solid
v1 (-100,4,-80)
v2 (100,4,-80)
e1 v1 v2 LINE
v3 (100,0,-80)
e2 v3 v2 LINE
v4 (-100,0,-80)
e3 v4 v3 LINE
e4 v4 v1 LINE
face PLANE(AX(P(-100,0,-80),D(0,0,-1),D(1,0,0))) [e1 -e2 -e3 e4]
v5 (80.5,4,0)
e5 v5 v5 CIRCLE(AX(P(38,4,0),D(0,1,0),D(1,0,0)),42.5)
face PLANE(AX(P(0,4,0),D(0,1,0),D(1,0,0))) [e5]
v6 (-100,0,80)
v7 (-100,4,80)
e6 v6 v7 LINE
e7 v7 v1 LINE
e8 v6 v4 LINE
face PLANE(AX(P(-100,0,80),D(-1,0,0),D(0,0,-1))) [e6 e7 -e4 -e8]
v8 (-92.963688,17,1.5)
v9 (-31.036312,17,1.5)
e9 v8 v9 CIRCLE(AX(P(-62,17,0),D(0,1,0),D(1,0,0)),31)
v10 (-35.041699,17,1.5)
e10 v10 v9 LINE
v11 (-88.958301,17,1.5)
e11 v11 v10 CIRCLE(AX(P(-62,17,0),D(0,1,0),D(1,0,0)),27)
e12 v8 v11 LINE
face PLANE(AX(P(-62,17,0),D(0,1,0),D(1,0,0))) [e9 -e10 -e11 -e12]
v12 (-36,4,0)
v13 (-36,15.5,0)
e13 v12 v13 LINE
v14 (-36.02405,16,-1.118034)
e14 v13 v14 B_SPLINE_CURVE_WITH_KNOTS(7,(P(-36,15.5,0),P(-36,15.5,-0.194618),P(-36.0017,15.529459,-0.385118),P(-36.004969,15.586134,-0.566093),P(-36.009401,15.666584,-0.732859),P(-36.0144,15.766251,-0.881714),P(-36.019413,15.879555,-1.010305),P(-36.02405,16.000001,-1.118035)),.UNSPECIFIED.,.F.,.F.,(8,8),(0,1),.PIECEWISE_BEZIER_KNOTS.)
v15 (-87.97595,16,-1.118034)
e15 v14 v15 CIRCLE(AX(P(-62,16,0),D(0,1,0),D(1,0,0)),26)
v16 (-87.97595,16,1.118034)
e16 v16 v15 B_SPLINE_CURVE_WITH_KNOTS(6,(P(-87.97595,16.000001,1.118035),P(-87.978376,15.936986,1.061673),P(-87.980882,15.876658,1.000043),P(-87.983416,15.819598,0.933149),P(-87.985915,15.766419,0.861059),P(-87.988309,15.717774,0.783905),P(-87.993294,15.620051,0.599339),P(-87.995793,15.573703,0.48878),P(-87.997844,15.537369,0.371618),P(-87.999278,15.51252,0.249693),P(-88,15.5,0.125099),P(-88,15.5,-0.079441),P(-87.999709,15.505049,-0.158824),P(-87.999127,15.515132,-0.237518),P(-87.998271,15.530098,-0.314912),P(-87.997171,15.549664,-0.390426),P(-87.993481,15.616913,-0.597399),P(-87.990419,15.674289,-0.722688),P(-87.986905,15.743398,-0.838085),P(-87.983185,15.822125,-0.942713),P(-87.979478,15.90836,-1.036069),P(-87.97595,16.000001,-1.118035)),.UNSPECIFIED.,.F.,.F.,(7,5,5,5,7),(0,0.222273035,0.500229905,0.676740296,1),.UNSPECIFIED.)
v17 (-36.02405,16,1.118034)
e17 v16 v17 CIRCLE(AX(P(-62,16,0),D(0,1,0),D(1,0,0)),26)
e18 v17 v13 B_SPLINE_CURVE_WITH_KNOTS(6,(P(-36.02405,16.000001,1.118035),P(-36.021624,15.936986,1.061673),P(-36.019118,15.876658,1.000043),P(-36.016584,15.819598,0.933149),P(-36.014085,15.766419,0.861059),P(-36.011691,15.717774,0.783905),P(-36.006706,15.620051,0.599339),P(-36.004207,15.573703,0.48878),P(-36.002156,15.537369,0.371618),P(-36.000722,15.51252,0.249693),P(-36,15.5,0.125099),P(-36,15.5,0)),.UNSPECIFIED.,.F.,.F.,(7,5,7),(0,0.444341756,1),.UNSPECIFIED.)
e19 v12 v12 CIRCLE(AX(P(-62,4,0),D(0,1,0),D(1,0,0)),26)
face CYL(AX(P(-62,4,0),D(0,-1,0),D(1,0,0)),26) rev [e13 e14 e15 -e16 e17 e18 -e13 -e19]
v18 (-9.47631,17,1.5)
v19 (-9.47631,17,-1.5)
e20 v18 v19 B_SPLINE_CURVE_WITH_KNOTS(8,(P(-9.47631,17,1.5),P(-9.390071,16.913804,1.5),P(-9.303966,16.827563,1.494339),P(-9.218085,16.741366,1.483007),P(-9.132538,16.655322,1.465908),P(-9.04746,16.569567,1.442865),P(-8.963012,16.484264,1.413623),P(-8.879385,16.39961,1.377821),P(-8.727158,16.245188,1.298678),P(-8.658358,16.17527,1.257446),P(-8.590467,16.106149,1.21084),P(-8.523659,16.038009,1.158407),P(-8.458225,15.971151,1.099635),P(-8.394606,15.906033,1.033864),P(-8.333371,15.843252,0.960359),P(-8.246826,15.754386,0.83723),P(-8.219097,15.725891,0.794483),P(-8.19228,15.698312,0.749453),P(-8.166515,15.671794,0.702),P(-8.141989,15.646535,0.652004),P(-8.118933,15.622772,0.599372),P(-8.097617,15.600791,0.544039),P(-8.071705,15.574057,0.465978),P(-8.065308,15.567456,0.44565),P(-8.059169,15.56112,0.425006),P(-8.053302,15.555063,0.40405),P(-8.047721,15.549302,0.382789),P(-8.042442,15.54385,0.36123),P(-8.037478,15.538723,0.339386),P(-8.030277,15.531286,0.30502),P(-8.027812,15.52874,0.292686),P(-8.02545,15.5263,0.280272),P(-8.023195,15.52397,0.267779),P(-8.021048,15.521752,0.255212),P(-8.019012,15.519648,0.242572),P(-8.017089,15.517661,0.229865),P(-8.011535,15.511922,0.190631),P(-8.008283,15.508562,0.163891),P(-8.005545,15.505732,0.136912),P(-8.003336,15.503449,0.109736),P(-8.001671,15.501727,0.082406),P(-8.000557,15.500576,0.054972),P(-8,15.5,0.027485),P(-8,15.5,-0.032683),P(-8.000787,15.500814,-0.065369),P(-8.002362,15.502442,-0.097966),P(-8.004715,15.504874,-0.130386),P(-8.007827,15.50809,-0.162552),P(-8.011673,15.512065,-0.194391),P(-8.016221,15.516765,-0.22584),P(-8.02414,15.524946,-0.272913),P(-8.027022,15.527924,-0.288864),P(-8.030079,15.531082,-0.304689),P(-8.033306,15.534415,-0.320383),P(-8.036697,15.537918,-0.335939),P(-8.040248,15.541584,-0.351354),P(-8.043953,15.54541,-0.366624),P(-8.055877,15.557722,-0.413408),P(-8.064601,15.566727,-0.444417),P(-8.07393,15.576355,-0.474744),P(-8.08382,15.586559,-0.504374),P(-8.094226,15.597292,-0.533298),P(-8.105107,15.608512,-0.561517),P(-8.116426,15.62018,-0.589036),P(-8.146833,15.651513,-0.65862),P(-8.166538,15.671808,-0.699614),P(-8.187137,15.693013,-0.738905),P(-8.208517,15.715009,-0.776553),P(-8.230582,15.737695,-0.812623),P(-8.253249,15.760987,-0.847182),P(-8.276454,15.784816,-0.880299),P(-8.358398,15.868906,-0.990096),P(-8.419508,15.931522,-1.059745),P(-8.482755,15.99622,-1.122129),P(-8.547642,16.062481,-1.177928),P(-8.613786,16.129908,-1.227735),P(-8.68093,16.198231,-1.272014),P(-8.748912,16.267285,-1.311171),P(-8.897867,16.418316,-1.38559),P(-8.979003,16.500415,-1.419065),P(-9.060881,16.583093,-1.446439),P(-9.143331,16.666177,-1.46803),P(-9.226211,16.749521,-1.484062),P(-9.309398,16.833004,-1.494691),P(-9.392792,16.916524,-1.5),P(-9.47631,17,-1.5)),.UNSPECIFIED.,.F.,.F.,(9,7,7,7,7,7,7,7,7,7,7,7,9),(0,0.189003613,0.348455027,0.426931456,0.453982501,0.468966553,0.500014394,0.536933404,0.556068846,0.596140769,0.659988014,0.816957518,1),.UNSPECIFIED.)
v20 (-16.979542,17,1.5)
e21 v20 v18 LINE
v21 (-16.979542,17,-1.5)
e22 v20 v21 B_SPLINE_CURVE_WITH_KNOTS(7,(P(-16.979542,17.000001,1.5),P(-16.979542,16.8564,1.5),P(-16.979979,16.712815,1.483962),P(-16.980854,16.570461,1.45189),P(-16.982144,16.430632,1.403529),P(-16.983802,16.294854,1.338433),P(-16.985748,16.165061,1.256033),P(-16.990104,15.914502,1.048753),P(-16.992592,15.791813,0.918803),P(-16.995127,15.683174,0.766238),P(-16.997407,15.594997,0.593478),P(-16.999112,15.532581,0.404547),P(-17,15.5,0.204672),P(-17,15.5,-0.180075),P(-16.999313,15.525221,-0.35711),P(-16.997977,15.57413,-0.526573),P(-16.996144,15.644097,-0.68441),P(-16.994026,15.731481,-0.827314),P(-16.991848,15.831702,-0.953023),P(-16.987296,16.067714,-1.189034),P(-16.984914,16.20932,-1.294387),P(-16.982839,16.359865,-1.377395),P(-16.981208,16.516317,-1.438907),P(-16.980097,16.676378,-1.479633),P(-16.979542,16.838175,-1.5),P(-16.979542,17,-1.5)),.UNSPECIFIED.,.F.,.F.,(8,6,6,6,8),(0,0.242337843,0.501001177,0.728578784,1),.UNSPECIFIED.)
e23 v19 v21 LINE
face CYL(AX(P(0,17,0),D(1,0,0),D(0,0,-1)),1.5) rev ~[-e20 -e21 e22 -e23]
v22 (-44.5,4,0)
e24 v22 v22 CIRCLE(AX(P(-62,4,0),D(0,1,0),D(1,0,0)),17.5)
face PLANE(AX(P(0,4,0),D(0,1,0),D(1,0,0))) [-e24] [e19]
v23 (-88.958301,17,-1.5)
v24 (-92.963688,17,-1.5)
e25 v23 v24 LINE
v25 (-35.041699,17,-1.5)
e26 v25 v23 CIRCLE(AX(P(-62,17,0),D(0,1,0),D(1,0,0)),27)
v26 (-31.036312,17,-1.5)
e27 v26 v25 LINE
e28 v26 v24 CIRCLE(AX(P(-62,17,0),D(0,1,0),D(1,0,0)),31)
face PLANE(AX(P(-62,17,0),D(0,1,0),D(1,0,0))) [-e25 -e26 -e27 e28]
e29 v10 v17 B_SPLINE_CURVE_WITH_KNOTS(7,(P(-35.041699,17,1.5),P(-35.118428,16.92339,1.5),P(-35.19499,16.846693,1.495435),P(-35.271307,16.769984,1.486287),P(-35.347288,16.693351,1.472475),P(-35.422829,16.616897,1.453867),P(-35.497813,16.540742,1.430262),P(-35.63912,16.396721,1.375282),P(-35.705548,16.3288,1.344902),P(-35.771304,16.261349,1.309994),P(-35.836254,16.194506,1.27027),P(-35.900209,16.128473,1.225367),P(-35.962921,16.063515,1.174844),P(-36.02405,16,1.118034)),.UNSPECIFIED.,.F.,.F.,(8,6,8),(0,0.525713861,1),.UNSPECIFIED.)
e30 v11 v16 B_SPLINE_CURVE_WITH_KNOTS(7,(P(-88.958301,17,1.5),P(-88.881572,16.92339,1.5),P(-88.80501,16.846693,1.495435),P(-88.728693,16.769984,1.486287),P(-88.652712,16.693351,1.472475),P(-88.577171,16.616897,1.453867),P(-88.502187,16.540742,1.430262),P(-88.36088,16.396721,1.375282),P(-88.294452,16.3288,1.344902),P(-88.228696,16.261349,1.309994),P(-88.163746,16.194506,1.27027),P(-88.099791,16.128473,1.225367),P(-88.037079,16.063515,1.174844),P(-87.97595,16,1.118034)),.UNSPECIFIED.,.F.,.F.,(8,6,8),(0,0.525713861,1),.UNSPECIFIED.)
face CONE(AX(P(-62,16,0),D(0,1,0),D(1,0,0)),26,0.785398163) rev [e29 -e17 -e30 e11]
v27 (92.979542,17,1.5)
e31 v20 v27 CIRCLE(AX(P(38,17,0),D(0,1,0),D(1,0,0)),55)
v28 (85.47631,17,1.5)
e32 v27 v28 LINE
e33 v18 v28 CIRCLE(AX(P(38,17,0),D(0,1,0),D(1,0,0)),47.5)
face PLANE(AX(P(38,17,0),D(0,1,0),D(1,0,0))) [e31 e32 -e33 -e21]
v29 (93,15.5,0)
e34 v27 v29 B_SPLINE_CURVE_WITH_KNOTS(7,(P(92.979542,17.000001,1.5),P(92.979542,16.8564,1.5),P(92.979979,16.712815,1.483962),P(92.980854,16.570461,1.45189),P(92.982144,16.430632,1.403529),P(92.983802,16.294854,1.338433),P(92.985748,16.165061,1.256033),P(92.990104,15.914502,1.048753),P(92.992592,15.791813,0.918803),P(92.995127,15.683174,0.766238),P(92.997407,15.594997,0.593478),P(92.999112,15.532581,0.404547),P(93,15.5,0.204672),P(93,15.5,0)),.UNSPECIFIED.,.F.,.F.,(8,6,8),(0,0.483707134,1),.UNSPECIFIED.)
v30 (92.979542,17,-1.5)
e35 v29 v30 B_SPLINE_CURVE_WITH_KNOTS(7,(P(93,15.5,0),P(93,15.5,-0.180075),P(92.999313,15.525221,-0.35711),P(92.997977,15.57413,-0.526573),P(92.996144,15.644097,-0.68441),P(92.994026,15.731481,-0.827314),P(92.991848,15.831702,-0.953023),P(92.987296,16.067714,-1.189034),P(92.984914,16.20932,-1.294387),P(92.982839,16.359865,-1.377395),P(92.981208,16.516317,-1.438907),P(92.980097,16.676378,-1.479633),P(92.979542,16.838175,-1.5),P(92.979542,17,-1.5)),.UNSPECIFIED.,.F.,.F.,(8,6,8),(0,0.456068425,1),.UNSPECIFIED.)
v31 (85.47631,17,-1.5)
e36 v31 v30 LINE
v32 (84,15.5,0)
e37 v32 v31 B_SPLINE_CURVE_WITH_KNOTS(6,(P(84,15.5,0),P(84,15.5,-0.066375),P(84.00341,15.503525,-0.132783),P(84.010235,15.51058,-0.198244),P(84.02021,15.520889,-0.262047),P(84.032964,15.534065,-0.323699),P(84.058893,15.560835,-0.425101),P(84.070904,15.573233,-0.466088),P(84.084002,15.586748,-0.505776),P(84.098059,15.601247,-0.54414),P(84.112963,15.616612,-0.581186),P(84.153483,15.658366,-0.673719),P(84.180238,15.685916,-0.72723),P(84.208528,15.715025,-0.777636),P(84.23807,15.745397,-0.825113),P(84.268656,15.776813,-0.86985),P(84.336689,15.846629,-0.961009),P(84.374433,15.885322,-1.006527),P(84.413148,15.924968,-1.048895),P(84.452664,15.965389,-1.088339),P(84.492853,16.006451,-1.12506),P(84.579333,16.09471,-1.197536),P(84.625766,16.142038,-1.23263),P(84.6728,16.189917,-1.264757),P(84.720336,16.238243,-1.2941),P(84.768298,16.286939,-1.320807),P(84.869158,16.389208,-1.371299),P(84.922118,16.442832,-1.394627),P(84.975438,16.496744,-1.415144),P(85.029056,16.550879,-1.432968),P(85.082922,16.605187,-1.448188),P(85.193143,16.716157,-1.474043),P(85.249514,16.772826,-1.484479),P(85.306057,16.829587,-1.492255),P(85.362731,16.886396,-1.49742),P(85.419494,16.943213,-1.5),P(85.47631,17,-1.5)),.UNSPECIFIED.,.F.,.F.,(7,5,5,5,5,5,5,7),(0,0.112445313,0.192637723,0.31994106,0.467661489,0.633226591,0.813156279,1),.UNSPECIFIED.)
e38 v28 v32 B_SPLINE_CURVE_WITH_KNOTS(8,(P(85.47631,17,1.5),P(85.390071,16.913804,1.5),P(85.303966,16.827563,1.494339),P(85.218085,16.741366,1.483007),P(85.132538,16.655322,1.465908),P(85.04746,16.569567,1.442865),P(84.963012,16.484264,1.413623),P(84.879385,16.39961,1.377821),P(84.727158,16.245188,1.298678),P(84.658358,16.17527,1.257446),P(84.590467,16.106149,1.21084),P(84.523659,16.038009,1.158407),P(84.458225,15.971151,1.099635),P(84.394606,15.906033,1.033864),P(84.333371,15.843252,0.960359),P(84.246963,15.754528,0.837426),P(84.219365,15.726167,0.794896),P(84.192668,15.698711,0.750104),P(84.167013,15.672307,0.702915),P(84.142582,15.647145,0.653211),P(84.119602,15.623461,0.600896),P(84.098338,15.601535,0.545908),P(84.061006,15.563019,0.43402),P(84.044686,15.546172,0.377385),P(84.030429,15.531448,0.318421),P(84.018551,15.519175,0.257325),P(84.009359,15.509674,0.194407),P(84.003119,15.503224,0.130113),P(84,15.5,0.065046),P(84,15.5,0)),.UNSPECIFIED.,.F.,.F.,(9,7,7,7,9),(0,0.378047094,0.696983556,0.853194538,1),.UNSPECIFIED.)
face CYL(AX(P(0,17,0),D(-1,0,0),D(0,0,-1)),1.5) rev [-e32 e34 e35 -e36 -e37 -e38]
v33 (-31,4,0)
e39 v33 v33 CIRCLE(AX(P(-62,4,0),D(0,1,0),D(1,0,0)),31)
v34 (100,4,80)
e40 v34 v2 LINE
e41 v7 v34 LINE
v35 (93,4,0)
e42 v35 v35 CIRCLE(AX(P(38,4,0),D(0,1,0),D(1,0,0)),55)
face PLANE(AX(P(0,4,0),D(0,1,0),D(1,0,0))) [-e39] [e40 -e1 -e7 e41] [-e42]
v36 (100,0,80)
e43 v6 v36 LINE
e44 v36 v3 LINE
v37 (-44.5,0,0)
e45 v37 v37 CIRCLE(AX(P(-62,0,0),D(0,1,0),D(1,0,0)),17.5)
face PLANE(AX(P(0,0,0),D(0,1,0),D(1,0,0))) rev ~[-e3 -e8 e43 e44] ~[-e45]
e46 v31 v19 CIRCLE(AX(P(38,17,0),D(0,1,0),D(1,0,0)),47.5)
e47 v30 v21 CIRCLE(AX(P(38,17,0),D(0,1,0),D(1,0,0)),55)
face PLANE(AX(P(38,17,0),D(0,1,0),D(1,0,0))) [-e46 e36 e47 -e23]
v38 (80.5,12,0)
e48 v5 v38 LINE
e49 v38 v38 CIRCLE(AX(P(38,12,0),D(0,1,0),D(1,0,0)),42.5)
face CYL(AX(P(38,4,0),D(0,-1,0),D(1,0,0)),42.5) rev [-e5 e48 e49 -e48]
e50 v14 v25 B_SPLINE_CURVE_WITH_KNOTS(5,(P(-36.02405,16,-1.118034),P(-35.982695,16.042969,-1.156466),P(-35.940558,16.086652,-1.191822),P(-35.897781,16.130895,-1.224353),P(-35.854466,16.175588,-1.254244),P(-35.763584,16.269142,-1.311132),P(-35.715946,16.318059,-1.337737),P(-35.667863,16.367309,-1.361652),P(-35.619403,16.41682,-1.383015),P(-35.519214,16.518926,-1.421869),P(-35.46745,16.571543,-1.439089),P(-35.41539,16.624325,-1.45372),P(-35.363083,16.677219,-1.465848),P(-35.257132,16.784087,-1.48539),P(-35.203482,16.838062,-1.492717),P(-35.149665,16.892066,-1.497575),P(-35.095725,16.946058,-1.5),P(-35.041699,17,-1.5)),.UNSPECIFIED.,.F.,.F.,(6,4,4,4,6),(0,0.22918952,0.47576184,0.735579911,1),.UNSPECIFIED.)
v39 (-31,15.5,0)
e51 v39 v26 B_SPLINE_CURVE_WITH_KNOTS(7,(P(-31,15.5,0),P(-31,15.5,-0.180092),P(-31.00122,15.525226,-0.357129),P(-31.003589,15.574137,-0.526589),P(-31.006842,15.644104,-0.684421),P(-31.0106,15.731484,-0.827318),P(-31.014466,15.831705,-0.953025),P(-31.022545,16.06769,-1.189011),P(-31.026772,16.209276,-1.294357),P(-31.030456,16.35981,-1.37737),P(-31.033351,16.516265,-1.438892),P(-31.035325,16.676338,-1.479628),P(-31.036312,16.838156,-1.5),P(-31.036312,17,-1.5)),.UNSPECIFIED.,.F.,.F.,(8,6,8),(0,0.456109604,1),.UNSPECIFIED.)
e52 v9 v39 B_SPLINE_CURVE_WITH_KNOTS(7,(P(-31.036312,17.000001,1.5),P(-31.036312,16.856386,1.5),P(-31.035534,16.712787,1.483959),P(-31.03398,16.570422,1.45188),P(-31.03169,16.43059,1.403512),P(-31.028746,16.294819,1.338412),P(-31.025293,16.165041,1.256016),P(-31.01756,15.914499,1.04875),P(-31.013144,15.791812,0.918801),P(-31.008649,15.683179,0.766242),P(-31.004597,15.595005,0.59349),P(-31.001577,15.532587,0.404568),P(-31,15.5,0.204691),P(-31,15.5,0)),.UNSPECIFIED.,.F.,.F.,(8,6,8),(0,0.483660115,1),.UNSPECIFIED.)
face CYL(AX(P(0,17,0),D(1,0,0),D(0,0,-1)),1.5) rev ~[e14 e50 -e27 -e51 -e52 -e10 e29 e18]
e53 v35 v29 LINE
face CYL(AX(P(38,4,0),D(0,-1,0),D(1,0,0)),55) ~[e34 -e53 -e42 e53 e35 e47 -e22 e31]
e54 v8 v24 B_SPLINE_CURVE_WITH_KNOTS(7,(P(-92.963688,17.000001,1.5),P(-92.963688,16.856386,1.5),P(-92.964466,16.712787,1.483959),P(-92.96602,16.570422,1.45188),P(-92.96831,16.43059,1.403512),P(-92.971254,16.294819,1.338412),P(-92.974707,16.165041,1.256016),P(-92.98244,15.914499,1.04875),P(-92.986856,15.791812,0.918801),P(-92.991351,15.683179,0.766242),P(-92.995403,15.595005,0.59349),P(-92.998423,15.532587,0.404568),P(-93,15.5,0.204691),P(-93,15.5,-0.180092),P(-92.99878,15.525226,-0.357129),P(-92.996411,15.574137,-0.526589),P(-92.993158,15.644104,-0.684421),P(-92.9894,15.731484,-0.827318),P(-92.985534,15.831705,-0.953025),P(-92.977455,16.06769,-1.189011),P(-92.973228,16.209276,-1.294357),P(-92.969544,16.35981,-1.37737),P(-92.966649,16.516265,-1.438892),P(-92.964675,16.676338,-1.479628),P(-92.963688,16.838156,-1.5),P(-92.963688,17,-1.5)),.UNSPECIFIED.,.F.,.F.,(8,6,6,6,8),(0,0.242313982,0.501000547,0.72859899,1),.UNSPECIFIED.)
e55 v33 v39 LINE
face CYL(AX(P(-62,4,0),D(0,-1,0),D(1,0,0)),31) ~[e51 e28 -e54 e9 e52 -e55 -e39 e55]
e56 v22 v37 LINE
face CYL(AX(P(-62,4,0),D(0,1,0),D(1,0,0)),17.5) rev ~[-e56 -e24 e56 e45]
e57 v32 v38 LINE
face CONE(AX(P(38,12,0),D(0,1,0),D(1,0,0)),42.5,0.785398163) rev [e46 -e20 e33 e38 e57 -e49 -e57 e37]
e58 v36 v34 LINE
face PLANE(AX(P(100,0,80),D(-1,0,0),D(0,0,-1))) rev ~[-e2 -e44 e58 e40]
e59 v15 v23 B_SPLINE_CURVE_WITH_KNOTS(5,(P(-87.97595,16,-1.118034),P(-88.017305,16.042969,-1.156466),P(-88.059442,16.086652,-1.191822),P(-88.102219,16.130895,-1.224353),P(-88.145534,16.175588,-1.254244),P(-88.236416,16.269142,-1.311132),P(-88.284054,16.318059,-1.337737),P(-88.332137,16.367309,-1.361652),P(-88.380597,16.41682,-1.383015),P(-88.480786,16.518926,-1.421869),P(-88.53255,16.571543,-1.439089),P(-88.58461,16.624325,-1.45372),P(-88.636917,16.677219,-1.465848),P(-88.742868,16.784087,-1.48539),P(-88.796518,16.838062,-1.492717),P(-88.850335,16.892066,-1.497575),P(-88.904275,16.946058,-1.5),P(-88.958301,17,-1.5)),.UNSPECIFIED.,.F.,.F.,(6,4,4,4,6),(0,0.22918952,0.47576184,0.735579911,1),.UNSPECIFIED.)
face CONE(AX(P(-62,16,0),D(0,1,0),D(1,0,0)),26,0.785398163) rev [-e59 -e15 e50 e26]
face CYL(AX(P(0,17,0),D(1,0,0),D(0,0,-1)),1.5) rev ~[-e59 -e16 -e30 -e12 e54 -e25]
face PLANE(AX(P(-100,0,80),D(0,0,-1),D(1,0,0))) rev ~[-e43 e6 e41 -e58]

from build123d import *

# Parameters (mm, degrees)
SKETCH1_W                = 200
SKETCH1_H                = 160
BOSS_EXTRUDE1_DEPTH      = 4
SKETCH2_R                = 31
SKETCH2_R_2              = 26
SKETCH2_R_3              = 55
SKETCH2_R_4              = 42.5
BOSS_EXTRUDE2_DEPTH      = 13
CHAMFER2_SIZE            = 5
CHAMFER4_SIZE            = 1
SKETCH9_R                = 17.5
CUT_EXTRUDE8_DEPTH       = 5
SKETCH11_R               = 1.5
CUT_EXTRUDE10_DEPTH      = 101
CUT_EXTRUDE10_DEPTH_BACK = 101


with BuildPart() as part:
    # Sketch1 → Boss-Extrude1 (new body)
    with BuildSketch(Plane(origin=(0, 0, 0), x_dir=(1, 0, 0), z_dir=(0, 1, 0))):
        Rectangle(SKETCH1_W, SKETCH1_H)
    extrude(amount=BOSS_EXTRUDE1_DEPTH)

    # Sketch2 → Boss-Extrude2 (add)
    with BuildSketch(Plane(origin=(0, 4, 0), x_dir=(1, 0, 0), z_dir=(0, 1, 0))):
        with Locations((-62, 0)):
            Circle(SKETCH2_R)
        with Locations((-62, 0)):
            Circle(SKETCH2_R_2, mode=Mode.SUBTRACT)
        with Locations((38, 0)):
            Circle(SKETCH2_R_3)
        with Locations((38, 0)):
            Circle(SKETCH2_R_4, mode=Mode.SUBTRACT)
    extrude(amount=BOSS_EXTRUDE2_DEPTH)

    # Chamfer2
    chamfer2_edges = [part.edges().sort_by_distance(p)[0] for p in [
        (-4.5, 17, 0),
    ]]
    chamfer(chamfer2_edges, length=CHAMFER2_SIZE)

    # Chamfer4
    chamfer4_edges = [part.edges().sort_by_distance(p)[0] for p in [
        (-88, 17, 0),
    ]]
    chamfer(chamfer4_edges, length=CHAMFER4_SIZE)

    # Sketch9 → Cut-Extrude8 (cut, through all)
    with BuildSketch(Plane(origin=(0, 4, 0), x_dir=(1, 0, 0), z_dir=(0, 1, 0))):
        with Locations((-62, 0)):
            Circle(SKETCH9_R)
    extrude(amount=-CUT_EXTRUDE8_DEPTH, mode=Mode.SUBTRACT)

    # Sketch11 → Cut-Extrude10 (cut, two sides)
    with BuildSketch(Plane(origin=(0, 0, 0), x_dir=(0, 0, -1), z_dir=(1, 0, 0))) as cut_extrude10_sk:
        with Locations((0, 17)):
            Circle(SKETCH11_R)
    extrude(amount=CUT_EXTRUDE10_DEPTH, mode=Mode.SUBTRACT)
    extrude(cut_extrude10_sk.sketch, amount=-CUT_EXTRUDE10_DEPTH_BACK, mode=Mode.SUBTRACT)


solid = part.part
